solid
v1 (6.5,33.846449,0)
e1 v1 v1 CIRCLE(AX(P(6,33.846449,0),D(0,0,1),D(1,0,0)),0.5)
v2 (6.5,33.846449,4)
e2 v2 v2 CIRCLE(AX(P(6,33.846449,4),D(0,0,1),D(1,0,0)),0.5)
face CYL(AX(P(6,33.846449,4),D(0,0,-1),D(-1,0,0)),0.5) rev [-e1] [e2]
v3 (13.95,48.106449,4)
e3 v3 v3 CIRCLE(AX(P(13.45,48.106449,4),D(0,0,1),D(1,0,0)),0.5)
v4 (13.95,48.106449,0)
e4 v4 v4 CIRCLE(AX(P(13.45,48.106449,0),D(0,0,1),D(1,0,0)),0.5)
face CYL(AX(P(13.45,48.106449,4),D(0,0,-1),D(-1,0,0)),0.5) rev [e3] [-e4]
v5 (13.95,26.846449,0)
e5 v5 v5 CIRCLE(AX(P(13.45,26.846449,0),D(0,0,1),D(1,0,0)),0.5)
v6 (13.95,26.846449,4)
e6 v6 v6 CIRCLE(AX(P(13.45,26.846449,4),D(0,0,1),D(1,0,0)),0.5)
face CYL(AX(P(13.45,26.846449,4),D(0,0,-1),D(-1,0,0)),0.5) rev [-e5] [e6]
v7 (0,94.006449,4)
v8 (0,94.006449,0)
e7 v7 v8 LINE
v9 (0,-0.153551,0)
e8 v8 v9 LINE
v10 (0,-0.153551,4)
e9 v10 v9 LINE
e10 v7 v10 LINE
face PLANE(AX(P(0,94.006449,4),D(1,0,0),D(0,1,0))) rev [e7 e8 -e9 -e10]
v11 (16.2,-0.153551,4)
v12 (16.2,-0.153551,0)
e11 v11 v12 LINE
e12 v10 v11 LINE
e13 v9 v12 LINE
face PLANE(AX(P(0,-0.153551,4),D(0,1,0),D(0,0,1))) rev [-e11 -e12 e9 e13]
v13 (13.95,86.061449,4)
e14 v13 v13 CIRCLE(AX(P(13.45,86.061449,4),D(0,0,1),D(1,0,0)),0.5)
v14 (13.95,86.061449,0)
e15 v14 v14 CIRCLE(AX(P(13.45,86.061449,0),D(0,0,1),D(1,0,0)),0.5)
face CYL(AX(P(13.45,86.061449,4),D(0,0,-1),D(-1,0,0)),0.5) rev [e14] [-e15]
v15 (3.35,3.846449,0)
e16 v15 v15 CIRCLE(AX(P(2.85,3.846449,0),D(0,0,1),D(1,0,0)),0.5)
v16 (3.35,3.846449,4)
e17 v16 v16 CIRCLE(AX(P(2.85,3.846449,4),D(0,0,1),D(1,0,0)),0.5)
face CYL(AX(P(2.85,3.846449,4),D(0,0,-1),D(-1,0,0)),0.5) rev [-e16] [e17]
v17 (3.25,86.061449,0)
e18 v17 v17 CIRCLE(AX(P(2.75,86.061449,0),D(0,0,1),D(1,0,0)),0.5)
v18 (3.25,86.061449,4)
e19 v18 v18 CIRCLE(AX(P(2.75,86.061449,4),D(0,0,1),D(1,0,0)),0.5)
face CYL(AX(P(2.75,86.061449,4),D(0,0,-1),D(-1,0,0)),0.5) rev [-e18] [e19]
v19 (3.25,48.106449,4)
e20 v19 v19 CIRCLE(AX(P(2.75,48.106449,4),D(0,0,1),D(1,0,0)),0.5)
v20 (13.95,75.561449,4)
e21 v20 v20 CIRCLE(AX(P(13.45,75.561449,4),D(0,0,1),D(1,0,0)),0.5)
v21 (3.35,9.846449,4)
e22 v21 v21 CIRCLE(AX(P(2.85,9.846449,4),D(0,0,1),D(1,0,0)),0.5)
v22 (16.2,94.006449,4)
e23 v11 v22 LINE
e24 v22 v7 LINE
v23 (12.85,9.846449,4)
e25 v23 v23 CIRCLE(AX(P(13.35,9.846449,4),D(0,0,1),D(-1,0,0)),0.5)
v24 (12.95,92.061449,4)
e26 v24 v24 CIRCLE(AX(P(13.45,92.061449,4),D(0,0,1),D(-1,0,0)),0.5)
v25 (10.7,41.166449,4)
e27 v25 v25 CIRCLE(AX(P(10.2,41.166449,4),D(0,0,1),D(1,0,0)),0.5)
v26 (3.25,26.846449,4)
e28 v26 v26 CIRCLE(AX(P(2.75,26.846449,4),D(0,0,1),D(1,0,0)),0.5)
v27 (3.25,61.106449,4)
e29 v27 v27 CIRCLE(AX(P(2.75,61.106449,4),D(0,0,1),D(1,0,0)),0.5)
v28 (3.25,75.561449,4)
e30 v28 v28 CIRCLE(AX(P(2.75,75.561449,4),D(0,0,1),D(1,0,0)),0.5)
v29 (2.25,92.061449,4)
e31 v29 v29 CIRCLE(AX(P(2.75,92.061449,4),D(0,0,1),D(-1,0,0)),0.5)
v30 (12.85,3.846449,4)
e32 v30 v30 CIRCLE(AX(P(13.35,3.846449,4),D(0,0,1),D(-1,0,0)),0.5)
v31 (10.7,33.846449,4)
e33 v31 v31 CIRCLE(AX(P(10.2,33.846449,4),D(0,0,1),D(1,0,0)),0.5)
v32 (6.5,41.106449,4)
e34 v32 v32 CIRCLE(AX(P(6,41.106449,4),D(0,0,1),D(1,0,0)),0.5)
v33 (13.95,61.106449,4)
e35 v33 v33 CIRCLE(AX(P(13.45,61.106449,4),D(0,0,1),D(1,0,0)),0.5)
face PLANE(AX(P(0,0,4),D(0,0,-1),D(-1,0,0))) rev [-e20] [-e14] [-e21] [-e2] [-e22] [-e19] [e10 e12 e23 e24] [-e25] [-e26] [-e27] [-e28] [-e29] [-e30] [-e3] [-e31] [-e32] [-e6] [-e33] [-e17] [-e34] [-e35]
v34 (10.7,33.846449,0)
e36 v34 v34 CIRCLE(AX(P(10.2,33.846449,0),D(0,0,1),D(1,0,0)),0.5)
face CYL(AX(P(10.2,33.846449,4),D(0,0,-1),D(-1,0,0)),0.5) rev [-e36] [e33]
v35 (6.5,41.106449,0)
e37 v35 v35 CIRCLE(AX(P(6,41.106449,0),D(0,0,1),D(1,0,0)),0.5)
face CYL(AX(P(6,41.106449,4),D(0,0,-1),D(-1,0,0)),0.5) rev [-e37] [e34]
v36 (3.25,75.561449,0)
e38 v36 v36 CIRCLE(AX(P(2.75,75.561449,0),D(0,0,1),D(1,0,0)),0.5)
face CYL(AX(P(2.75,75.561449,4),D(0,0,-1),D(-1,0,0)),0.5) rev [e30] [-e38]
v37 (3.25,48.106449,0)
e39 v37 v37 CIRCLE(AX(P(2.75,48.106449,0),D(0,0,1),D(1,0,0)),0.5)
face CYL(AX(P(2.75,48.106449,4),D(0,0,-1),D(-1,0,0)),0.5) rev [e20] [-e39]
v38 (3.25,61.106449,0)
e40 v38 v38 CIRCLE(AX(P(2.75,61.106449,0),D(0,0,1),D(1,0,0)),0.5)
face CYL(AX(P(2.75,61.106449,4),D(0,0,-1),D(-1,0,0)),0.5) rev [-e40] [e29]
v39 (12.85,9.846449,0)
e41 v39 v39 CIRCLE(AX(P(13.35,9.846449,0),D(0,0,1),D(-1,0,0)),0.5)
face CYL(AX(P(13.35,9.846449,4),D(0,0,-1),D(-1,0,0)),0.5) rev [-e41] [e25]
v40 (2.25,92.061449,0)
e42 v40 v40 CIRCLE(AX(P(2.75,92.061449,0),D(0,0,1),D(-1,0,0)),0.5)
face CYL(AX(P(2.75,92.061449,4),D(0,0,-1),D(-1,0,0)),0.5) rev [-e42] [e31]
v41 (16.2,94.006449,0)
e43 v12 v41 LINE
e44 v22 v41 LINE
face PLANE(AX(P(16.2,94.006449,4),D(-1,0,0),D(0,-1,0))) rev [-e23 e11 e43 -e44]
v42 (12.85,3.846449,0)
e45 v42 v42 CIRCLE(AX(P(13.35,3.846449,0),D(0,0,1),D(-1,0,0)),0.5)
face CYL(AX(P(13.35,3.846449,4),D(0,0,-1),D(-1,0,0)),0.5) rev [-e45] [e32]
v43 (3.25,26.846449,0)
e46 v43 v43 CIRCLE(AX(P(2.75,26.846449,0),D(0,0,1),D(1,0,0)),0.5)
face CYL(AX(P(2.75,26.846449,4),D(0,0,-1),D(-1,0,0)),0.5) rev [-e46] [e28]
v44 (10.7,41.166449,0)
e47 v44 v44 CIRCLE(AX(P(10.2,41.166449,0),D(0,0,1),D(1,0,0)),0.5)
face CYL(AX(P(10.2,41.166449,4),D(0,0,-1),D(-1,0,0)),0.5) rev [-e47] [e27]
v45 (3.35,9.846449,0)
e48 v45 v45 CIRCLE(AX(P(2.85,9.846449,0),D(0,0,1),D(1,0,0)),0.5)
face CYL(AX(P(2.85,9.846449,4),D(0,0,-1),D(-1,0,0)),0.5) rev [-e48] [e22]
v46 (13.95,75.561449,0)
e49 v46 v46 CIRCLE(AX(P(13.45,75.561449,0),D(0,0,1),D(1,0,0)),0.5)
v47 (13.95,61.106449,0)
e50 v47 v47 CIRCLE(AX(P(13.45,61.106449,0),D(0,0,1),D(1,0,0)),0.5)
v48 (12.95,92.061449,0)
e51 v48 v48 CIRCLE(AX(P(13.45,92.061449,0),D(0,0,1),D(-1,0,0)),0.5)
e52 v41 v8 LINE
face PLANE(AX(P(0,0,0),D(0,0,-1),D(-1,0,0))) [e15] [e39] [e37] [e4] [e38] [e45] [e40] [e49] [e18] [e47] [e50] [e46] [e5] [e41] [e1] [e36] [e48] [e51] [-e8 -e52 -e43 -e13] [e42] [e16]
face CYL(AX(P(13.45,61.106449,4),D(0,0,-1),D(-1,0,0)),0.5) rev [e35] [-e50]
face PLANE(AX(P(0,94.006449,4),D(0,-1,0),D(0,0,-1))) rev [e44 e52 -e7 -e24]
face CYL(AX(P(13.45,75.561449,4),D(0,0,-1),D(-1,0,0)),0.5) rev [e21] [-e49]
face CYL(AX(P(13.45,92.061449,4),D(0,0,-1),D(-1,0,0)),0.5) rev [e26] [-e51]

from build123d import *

# Parameters (mm, degrees)
SKETCH3_W           = 16.2
SKETCH3_H           = 94.16
SKETCH3_R           = 0.5
BOSS_EXTRUDE3_DEPTH = 4


with BuildPart() as part:
    # Sketch3 → Boss-Extrude3 (new body)
    with BuildSketch(Plane.XY):
        with Locations((8.1, 46.926448831)):
            Rectangle(SKETCH3_W, SKETCH3_H)
        with Locations((6, 33.846448831)):
            Circle(SKETCH3_R, mode=Mode.SUBTRACT)
        with Locations((10.2, 33.846448831)):
            Circle(SKETCH3_R, mode=Mode.SUBTRACT)
        with Locations((2.75, 86.061448831)):
            Circle(SKETCH3_R, mode=Mode.SUBTRACT)
        with Locations((10.2, 41.166448831)):
            Circle(SKETCH3_R, mode=Mode.SUBTRACT)
        with Locations((13.45, 48.106448831)):
            Circle(SKETCH3_R, mode=Mode.SUBTRACT)
        with Locations((2.75, 92.061448831)):
            Circle(SKETCH3_R, mode=Mode.SUBTRACT)
        with Locations((13.45, 86.061448831)):
            Circle(SKETCH3_R, mode=Mode.SUBTRACT)
        with Locations((2.75, 61.106448831)):
            Circle(SKETCH3_R, mode=Mode.SUBTRACT)
        with Locations((2.85, 9.846448831)):
            Circle(SKETCH3_R, mode=Mode.SUBTRACT)
        with Locations((13.35, 9.846448831)):
            Circle(SKETCH3_R, mode=Mode.SUBTRACT)
        with Locations((13.35, 3.846448831)):
            Circle(SKETCH3_R, mode=Mode.SUBTRACT)
        with Locations((2.85, 3.846448831)):
            Circle(SKETCH3_R, mode=Mode.SUBTRACT)
        with Locations((13.45, 61.106448831)):
            Circle(SKETCH3_R, mode=Mode.SUBTRACT)
        with Locations((2.75, 75.561448831)):
            Circle(SKETCH3_R, mode=Mode.SUBTRACT)
        with Locations((13.45, 26.846448831)):
            Circle(SKETCH3_R, mode=Mode.SUBTRACT)
        with Locations((13.45, 75.561448831)):
            Circle(SKETCH3_R, mode=Mode.SUBTRACT)
        with Locations((13.45, 92.061448831)):
            Circle(SKETCH3_R, mode=Mode.SUBTRACT)
        with Locations((2.75, 26.846448831)):
            Circle(SKETCH3_R, mode=Mode.SUBTRACT)
        with Locations((6, 41.106448831)):
            Circle(SKETCH3_R, mode=Mode.SUBTRACT)
        with Locations((2.75, 48.106448831)):
            Circle(SKETCH3_R, mode=Mode.SUBTRACT)
    extrude(amount=BOSS_EXTRUDE3_DEPTH)


solid = part.part
